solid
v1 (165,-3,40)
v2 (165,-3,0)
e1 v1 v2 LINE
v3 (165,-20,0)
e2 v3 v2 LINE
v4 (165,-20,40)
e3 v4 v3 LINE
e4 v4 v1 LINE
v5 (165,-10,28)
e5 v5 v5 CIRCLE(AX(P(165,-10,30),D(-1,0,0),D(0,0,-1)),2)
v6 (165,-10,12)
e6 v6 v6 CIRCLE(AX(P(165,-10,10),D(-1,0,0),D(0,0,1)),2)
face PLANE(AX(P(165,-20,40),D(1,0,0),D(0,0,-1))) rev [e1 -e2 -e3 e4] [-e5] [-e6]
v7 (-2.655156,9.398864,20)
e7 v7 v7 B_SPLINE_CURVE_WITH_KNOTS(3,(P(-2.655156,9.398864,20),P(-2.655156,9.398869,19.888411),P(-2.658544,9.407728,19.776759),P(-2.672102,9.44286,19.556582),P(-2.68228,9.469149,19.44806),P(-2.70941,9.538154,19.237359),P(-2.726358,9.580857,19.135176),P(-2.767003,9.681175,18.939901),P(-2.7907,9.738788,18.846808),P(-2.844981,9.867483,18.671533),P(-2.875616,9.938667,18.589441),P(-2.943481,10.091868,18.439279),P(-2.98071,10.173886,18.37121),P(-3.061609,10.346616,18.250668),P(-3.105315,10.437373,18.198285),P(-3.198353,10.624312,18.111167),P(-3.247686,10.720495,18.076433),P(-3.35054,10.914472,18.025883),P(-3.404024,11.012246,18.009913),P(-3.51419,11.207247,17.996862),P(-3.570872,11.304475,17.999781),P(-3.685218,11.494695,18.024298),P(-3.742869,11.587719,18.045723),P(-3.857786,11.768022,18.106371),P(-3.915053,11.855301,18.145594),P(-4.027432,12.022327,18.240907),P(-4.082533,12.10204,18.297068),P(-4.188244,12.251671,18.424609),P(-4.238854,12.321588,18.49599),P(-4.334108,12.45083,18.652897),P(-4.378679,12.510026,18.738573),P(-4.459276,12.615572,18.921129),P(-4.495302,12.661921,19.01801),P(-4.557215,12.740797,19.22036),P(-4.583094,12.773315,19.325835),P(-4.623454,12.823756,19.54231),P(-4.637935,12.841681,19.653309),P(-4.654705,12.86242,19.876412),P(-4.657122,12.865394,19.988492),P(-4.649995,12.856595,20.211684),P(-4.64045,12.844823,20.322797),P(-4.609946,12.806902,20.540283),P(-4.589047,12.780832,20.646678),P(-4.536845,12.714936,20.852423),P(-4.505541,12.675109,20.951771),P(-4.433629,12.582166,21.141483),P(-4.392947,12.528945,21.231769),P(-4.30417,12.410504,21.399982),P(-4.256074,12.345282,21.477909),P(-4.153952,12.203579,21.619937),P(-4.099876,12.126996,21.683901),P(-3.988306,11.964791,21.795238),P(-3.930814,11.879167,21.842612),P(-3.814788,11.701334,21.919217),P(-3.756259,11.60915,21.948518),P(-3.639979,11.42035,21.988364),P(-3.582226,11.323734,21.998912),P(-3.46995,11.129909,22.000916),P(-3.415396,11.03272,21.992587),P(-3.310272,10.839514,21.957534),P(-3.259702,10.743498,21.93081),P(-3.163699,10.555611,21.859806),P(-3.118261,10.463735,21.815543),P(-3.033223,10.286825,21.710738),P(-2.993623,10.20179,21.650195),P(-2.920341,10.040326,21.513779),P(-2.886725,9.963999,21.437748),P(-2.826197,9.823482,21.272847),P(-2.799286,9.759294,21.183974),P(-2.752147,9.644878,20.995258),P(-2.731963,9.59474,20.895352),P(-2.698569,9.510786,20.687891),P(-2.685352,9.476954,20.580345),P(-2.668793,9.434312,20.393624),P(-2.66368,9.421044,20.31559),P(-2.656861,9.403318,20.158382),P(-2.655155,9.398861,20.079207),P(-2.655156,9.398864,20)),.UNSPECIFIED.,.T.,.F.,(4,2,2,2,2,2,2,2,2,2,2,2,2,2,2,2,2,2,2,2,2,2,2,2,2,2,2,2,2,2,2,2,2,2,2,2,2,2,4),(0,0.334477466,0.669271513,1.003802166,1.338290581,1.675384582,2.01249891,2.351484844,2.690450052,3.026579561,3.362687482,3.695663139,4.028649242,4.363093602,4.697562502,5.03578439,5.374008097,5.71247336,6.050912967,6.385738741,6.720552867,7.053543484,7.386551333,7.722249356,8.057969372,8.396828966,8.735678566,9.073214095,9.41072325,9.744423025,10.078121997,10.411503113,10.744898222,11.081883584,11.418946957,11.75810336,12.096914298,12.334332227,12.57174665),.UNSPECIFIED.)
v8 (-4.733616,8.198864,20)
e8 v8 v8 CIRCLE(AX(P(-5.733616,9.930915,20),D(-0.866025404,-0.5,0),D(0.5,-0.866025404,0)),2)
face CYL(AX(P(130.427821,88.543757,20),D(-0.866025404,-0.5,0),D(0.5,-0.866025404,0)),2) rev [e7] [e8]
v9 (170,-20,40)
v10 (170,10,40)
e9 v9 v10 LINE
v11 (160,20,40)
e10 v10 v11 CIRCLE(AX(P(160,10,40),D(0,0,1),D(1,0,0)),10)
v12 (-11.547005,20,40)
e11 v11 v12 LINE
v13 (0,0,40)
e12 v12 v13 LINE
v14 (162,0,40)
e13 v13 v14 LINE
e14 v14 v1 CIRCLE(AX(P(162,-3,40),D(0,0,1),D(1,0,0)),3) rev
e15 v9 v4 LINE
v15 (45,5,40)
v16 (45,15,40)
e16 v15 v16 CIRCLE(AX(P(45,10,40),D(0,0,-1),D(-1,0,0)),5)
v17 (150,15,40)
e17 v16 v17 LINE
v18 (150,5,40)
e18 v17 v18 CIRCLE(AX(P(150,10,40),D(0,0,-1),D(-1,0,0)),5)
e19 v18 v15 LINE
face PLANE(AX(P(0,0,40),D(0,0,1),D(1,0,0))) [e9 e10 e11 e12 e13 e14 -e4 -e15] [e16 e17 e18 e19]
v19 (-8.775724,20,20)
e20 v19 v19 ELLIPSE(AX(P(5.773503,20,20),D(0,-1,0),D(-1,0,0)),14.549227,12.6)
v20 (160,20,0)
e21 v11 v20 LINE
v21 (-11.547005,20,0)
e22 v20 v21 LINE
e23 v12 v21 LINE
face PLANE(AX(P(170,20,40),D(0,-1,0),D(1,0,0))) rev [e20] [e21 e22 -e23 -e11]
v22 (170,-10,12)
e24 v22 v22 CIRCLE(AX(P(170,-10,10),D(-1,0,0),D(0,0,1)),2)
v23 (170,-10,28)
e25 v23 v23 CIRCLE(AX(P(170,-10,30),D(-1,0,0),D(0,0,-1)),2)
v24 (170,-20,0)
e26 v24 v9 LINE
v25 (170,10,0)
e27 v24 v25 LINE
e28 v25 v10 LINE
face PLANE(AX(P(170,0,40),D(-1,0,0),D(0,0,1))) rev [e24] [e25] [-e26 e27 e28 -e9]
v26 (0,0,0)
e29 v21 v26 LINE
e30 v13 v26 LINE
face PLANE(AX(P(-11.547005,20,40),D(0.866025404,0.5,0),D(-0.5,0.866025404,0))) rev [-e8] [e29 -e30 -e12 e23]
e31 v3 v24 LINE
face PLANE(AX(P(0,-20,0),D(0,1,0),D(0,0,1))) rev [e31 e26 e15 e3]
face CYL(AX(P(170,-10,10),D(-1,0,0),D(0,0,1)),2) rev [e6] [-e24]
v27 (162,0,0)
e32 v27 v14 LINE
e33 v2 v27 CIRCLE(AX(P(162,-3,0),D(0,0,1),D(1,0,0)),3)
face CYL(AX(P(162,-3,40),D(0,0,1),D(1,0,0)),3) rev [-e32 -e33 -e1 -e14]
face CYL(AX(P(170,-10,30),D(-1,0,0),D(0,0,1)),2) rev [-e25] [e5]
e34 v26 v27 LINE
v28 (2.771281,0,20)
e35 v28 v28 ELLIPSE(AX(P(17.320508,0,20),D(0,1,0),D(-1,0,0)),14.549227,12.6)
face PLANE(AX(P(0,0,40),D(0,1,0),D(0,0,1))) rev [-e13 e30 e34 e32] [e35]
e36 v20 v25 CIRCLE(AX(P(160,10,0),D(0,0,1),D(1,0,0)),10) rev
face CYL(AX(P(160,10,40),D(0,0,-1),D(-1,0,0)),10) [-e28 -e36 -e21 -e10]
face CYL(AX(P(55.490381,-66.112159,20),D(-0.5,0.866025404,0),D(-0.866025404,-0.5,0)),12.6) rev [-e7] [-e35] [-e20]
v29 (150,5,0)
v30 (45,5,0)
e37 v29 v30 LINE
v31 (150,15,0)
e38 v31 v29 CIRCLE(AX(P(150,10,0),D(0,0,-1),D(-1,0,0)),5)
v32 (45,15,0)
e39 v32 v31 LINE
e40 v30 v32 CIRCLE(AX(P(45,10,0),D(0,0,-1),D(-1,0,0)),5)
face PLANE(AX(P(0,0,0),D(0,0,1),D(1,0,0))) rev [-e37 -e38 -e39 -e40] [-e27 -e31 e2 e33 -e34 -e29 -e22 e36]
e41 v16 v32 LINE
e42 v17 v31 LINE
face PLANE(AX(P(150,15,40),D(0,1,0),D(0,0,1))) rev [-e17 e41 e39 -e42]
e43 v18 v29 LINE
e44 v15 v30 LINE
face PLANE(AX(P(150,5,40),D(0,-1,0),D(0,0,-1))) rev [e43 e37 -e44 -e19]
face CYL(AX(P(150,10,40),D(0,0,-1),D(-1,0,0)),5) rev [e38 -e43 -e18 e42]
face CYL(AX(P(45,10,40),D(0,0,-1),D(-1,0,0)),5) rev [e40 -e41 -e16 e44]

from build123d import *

# Parameters (mm, degrees)
EXTRUDE_1_DEPTH          = 40
SKETCH_2_R               = 12.6
CUT_EXTRUDE_1_DEPTH      = 187.974102923
CUT_EXTRUDE_2_REACH      = 177.784
CUT_EXTRUDE_2_END_RADIUS = 12.6
SKETCH_3_R               = 2
SKETCH_4_W               = 5
SKETCH_4_H               = 40
EXTRUDE_2_DEPTH          = 20
SKETCH_5_R               = 2
CUT_EXTRUDE_3_DEPTH      = 183.123159192
FILLET_1_R               = 10
FILLET_2_R               = 3
CUT_EXTRUDE_4_DEPTH      = 176.783958324


with BuildPart() as part:
    # 草图1 → 凸台-拉伸1 (new body)
    with BuildSketch(Plane.XY):
        Polygon((0, 0), (170, 0), (170, 20), (-11.547005384, 20), align=None)
    extrude(amount=EXTRUDE_1_DEPTH)

    # 草图2 → 切除-拉伸1 (cut, through all)
    with BuildSketch(Plane(origin=(-11.547005384, 20, 0), x_dir=(0, 0, -1), z_dir=(-0.4999999999999949, 0.8660254037844416, 0))):
        with Locations(Location((-20, -15, 0), (0, 0, 90))):
            Circle(SKETCH_2_R)
    extrude(amount=-CUT_EXTRUDE_1_DEPTH, mode=Mode.SUBTRACT)

    # 切除-拉伸2: up to this cylinder (the profile starts outside it)
    cut_extrude_2_end = Plane(origin=(7.25676472, 17.430914806, 20), z_dir=(-0.4999999999999949, 0.8660254037844416, 0)) * Cylinder(CUT_EXTRUDE_2_END_RADIUS, 381.768, mode=Mode.PRIVATE)
    # 草图3 → 切除-拉伸2 (cut, up to the surface)
    with BuildSketch(Plane(origin=(0, 0, 0), x_dir=(0, 0, 1), z_dir=(-0.8660254037844417, -0.4999999999999949, 0)), mode=Mode.PRIVATE) as cut_extrude_2_sk1:
        with Locations(Location((20, 11.46723296, 0), (0, 0, 270))):
            Circle(SKETCH_3_R)
    cut_extrude_2_tool1 = extrude(cut_extrude_2_sk1.sketch, amount=-CUT_EXTRUDE_2_REACH, mode=Mode.PRIVATE) - cut_extrude_2_end
    add(cut_extrude_2_tool1.solids().sort_by_distance((-5.733616, 9.930915, 20))[0], mode=Mode.SUBTRACT)

    # 草图4 → 凸台-拉伸2 (add)
    with BuildSketch(Plane.XZ):
        with Locations((167.5, 20)):
            Rectangle(SKETCH_4_W, SKETCH_4_H)
    extrude(amount=EXTRUDE_2_DEPTH)

    # 草图5 → 切除-拉伸3 (cut, through all)
    with BuildSketch(Plane.ZY.offset(-165)):
        with Locations((10, -10)):
            Circle(SKETCH_5_R)
        with Locations(Location((30, -10, 0), (0, 0, 180))):
            Circle(SKETCH_5_R)
    extrude(amount=-CUT_EXTRUDE_3_DEPTH, mode=Mode.SUBTRACT)

    # 圆角1
    fillet_1_edges = [part.edges().sort_by_distance(p)[0] for p in [
        (170, 20, 20),
    ]]
    fillet(fillet_1_edges, radius=FILLET_1_R)

    # 圆角2
    fillet_2_edges = [part.edges().sort_by_distance(p)[0] for p in [
        (165, 0, 20),
    ]]
    fillet(fillet_2_edges, radius=FILLET_2_R)

    # 草图6 → 切除-拉伸4 (cut, through all)
    with BuildSketch(Plane(origin=(0, 0, 0), x_dir=(-1, 0, 0), z_dir=(0, 0, -1))):
        with BuildLine():
            Line((-150, 15), (-45, 15))
            ThreePointArc((-45, 15), (-40, 10), (-45, 5))
            Line((-45, 5), (-150, 5))
            ThreePointArc((-150, 5), (-155, 10), (-150, 15))
        make_face()
    extrude(amount=-CUT_EXTRUDE_4_DEPTH, mode=Mode.SUBTRACT)


solid = part.part
